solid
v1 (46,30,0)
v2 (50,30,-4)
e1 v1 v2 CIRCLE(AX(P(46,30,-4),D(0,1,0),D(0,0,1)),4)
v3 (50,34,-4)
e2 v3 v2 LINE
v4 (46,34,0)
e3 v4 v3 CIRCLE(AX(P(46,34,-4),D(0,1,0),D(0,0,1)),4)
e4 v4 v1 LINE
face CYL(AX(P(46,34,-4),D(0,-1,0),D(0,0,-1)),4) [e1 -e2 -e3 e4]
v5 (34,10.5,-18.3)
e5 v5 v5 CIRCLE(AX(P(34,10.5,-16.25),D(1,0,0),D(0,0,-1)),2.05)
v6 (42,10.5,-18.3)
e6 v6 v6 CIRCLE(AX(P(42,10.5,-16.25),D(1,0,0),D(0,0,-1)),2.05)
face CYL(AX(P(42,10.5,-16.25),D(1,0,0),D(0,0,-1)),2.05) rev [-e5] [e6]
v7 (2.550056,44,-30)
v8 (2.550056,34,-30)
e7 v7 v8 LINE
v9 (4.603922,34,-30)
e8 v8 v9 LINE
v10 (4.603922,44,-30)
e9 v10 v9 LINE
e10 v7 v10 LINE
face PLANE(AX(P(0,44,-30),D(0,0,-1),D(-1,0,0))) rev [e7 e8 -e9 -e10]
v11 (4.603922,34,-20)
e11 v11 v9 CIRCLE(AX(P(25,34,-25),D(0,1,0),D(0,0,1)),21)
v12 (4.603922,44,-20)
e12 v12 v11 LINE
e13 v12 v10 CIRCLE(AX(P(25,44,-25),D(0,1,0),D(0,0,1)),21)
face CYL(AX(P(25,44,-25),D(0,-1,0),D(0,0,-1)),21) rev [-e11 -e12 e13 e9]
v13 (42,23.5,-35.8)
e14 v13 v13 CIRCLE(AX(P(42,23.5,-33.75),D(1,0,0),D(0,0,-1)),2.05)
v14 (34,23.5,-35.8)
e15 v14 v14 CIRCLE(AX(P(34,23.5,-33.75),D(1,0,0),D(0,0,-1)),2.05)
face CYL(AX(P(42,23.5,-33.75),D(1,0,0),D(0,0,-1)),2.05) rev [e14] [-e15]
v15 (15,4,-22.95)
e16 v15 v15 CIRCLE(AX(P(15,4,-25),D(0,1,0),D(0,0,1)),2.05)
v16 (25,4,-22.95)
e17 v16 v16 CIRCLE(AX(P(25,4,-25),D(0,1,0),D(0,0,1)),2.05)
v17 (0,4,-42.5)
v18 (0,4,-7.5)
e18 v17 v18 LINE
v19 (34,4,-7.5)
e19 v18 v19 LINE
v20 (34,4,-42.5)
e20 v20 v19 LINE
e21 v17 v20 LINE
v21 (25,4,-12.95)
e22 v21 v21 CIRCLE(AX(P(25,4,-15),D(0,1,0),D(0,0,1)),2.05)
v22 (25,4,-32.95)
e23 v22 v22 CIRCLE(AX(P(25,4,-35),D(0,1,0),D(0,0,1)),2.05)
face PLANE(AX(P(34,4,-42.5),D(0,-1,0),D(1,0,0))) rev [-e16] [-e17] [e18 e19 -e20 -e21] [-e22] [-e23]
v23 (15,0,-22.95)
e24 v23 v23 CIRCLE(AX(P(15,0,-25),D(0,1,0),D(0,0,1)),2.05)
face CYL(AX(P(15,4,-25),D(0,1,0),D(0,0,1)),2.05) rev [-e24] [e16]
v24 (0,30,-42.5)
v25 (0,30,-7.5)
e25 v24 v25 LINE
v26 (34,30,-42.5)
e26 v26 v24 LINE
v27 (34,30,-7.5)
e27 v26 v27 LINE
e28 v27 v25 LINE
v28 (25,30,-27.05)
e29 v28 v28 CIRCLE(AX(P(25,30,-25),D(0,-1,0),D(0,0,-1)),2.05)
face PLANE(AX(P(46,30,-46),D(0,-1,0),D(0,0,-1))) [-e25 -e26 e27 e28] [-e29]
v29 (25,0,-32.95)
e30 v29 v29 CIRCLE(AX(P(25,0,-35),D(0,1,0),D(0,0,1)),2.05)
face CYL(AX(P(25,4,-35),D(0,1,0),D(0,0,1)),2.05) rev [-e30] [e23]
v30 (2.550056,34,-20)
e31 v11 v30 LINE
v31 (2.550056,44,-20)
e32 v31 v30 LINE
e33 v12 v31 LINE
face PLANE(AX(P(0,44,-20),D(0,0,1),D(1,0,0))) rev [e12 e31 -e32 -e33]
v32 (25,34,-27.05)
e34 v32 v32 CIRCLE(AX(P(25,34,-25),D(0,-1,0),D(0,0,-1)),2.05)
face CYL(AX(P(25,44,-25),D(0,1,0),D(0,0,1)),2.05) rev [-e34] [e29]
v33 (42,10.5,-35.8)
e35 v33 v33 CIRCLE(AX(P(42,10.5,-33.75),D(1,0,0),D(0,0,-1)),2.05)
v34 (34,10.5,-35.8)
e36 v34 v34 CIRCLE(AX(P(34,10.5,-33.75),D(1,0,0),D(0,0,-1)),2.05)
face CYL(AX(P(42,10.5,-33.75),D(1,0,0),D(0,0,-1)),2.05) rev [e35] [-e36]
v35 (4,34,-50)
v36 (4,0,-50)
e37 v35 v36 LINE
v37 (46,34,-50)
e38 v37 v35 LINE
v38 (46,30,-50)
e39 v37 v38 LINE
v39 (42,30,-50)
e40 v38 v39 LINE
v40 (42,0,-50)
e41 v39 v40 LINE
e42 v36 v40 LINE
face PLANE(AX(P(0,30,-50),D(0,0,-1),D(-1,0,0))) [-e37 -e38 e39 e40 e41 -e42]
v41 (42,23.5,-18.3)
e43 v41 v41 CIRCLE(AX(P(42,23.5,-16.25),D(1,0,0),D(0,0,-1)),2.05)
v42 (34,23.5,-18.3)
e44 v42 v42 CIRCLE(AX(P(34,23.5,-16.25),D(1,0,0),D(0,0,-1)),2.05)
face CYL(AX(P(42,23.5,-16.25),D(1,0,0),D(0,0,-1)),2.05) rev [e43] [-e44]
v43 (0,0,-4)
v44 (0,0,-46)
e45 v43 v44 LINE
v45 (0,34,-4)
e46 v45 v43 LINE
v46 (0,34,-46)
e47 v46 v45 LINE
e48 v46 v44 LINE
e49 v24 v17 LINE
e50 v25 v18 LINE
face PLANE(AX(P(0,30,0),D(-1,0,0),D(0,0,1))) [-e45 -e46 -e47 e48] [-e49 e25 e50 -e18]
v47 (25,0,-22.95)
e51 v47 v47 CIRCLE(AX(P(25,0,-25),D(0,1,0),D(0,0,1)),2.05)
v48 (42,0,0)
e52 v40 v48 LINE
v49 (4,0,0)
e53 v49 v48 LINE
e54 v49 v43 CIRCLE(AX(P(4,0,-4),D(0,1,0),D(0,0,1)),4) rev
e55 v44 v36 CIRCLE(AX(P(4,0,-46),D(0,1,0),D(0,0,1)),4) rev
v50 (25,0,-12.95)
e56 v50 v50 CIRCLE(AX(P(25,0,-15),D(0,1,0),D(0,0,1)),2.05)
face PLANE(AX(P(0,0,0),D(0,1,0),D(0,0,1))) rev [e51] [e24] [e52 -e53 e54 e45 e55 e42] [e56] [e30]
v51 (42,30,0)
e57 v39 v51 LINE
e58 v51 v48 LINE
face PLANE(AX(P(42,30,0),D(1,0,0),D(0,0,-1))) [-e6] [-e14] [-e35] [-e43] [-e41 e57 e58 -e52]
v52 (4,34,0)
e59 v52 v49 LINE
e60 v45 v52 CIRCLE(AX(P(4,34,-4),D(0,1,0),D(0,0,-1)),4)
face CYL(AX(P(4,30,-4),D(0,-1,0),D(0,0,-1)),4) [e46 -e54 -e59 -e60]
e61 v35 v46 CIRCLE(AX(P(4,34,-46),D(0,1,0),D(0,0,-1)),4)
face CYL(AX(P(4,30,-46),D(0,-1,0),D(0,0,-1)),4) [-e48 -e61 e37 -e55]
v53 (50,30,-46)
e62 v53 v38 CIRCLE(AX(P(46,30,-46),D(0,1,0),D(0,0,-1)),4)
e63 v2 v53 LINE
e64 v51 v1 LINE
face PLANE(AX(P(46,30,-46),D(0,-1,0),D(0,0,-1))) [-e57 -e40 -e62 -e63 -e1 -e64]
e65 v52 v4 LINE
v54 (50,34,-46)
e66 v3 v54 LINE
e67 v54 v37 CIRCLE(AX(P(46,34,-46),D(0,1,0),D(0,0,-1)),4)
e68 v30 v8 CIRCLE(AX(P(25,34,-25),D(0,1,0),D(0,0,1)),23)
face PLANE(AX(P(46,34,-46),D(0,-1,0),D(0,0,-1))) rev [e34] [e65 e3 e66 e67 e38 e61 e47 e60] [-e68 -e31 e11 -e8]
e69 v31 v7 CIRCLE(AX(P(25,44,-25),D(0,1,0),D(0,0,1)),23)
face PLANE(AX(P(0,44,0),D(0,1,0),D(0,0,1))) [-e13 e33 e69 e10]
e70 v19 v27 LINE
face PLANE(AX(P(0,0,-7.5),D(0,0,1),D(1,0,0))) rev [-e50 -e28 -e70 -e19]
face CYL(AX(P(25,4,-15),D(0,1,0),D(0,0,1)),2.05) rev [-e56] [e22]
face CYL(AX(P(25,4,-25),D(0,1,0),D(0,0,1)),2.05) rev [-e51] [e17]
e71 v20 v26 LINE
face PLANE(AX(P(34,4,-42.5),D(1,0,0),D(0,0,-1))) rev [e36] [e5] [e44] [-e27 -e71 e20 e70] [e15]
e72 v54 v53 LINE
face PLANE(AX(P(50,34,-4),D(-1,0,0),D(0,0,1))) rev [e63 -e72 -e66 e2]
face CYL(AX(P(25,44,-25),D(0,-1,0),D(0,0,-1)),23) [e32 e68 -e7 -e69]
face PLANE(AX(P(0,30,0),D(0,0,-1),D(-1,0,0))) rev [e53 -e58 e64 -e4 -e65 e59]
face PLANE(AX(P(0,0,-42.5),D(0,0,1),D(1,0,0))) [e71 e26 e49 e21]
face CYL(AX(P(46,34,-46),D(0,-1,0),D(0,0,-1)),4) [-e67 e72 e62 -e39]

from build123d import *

# Parameters (mm, degrees)
BOSS_EXTRUDE1_DEPTH   = 30
CUT_EXTRUDE1_START    = -7.5
SKETCH3_W             = 34
SKETCH3_H             = 26
CUT_EXTRUDE1_DEPTH    = 35
F_4_0MM_DOWEL_HOLE2_D = 4.1
F_4_0MM_DOWEL_HOLE1_D = 4.1
BOSS_EXTRUDE2_DEPTH   = 4
BOSS_EXTRUDE3_DEPTH   = 10
F_4_0MM_DOWEL_HOLE3_D = 4.1


with BuildPart() as part:
    # Sketch1 → Boss-Extrude1 (new body)
    with BuildSketch(Plane(origin=(0, 0, 0), x_dir=(1, 0, 0), z_dir=(0, 1, 0))):
        with BuildLine():
            Line((42, 0), (42, 50))
            Line((42, 50), (4, 50))
            ThreePointArc((4, 50), (1.171572875, 48.828427125), (0, 46))
            Line((0, 46), (0, 4))
            ThreePointArc((0, 4), (1.171572875, 1.171572875), (4, 0))
            Line((4, 0), (42, 0))
        make_face()
    extrude(amount=BOSS_EXTRUDE1_DEPTH)

    # Sketch3 → Cut-Extrude1 (cut)
    with BuildSketch(Plane.XY.offset(CUT_EXTRUDE1_START)):
        with Locations((17, 17)):
            Rectangle(SKETCH3_W, SKETCH3_H)
    extrude(amount=-CUT_EXTRUDE1_DEPTH, mode=Mode.SUBTRACT)

    # Ø4.0mm Dowel Hole2 (through all)
    with Locations(Plane(origin=(25, 4, -35), x_dir=(1, 0, 0), z_dir=(0, 1, 0))):
        with Locations((0, 0), (0, -10), (0, -20), (-10, -10)):
            Hole(F_4_0MM_DOWEL_HOLE2_D / 2)

    # Ø4.0mm Dowel Hole1 (through all)
    with Locations(Plane(origin=(42, 23.5, -16.25), x_dir=(0, 0, 1), z_dir=(1, 0, 0))):
        with Locations((0, 0), (-17.5, 0), (-17.5, 13), (0, 13)):
            Hole(F_4_0MM_DOWEL_HOLE1_D / 2)

    # Sketch5 → Boss-Extrude2 (add)
    with BuildSketch(Plane(origin=(0, 30, 0), x_dir=(1, 0, 0), z_dir=(0, 1, 0))):
        with BuildLine():
            Line((4, 0), (46, 0))
            ThreePointArc((46, 0), (48.828427125, 1.171572875), (50, 4))
            Line((50, 4), (50, 46))
            ThreePointArc((50, 46), (48.828427125, 48.828427125), (46, 50))
            Line((46, 50), (4, 50))
            ThreePointArc((4, 50), (1.171572875, 48.828427125), (0, 46))
            Line((0, 46), (0, 4))
            ThreePointArc((0, 4), (1.171572875, 1.171572875), (4, 0))
        make_face()
    extrude(amount=BOSS_EXTRUDE2_DEPTH)

    # Sketch8 → Boss-Extrude3 (add)
    with BuildSketch(Plane(origin=(0, 34, 0), x_dir=(1, 0, 0), z_dir=(0, 1, 0))):
        with BuildLine():
            ThreePointArc((48, 25), (27.515082566, 47.862072515), (2.550055679, 30))
            Line((2.550055679, 30), (4.603921946, 30))
            ThreePointArc((4.603921946, 30), (27.518170056, 45.848472835), (46, 25))
            ThreePointArc((46, 25), (27.518170056, 4.151527165), (4.603921946, 20))
            Line((4.603921946, 20), (2.550055679, 20))
            ThreePointArc((2.550055679, 20), (27.515082566, 2.137927485), (48, 25))
        make_face()
    extrude(amount=BOSS_EXTRUDE3_DEPTH)

    # Ø4.0mm Dowel Hole3 (through all)
    with Locations(Plane(origin=(25, 44, -25), x_dir=(0, 0, 1), z_dir=(0, 1, 0))):
        with Locations((0, 0)):
            Hole(F_4_0MM_DOWEL_HOLE3_D / 2)


solid = part.part
